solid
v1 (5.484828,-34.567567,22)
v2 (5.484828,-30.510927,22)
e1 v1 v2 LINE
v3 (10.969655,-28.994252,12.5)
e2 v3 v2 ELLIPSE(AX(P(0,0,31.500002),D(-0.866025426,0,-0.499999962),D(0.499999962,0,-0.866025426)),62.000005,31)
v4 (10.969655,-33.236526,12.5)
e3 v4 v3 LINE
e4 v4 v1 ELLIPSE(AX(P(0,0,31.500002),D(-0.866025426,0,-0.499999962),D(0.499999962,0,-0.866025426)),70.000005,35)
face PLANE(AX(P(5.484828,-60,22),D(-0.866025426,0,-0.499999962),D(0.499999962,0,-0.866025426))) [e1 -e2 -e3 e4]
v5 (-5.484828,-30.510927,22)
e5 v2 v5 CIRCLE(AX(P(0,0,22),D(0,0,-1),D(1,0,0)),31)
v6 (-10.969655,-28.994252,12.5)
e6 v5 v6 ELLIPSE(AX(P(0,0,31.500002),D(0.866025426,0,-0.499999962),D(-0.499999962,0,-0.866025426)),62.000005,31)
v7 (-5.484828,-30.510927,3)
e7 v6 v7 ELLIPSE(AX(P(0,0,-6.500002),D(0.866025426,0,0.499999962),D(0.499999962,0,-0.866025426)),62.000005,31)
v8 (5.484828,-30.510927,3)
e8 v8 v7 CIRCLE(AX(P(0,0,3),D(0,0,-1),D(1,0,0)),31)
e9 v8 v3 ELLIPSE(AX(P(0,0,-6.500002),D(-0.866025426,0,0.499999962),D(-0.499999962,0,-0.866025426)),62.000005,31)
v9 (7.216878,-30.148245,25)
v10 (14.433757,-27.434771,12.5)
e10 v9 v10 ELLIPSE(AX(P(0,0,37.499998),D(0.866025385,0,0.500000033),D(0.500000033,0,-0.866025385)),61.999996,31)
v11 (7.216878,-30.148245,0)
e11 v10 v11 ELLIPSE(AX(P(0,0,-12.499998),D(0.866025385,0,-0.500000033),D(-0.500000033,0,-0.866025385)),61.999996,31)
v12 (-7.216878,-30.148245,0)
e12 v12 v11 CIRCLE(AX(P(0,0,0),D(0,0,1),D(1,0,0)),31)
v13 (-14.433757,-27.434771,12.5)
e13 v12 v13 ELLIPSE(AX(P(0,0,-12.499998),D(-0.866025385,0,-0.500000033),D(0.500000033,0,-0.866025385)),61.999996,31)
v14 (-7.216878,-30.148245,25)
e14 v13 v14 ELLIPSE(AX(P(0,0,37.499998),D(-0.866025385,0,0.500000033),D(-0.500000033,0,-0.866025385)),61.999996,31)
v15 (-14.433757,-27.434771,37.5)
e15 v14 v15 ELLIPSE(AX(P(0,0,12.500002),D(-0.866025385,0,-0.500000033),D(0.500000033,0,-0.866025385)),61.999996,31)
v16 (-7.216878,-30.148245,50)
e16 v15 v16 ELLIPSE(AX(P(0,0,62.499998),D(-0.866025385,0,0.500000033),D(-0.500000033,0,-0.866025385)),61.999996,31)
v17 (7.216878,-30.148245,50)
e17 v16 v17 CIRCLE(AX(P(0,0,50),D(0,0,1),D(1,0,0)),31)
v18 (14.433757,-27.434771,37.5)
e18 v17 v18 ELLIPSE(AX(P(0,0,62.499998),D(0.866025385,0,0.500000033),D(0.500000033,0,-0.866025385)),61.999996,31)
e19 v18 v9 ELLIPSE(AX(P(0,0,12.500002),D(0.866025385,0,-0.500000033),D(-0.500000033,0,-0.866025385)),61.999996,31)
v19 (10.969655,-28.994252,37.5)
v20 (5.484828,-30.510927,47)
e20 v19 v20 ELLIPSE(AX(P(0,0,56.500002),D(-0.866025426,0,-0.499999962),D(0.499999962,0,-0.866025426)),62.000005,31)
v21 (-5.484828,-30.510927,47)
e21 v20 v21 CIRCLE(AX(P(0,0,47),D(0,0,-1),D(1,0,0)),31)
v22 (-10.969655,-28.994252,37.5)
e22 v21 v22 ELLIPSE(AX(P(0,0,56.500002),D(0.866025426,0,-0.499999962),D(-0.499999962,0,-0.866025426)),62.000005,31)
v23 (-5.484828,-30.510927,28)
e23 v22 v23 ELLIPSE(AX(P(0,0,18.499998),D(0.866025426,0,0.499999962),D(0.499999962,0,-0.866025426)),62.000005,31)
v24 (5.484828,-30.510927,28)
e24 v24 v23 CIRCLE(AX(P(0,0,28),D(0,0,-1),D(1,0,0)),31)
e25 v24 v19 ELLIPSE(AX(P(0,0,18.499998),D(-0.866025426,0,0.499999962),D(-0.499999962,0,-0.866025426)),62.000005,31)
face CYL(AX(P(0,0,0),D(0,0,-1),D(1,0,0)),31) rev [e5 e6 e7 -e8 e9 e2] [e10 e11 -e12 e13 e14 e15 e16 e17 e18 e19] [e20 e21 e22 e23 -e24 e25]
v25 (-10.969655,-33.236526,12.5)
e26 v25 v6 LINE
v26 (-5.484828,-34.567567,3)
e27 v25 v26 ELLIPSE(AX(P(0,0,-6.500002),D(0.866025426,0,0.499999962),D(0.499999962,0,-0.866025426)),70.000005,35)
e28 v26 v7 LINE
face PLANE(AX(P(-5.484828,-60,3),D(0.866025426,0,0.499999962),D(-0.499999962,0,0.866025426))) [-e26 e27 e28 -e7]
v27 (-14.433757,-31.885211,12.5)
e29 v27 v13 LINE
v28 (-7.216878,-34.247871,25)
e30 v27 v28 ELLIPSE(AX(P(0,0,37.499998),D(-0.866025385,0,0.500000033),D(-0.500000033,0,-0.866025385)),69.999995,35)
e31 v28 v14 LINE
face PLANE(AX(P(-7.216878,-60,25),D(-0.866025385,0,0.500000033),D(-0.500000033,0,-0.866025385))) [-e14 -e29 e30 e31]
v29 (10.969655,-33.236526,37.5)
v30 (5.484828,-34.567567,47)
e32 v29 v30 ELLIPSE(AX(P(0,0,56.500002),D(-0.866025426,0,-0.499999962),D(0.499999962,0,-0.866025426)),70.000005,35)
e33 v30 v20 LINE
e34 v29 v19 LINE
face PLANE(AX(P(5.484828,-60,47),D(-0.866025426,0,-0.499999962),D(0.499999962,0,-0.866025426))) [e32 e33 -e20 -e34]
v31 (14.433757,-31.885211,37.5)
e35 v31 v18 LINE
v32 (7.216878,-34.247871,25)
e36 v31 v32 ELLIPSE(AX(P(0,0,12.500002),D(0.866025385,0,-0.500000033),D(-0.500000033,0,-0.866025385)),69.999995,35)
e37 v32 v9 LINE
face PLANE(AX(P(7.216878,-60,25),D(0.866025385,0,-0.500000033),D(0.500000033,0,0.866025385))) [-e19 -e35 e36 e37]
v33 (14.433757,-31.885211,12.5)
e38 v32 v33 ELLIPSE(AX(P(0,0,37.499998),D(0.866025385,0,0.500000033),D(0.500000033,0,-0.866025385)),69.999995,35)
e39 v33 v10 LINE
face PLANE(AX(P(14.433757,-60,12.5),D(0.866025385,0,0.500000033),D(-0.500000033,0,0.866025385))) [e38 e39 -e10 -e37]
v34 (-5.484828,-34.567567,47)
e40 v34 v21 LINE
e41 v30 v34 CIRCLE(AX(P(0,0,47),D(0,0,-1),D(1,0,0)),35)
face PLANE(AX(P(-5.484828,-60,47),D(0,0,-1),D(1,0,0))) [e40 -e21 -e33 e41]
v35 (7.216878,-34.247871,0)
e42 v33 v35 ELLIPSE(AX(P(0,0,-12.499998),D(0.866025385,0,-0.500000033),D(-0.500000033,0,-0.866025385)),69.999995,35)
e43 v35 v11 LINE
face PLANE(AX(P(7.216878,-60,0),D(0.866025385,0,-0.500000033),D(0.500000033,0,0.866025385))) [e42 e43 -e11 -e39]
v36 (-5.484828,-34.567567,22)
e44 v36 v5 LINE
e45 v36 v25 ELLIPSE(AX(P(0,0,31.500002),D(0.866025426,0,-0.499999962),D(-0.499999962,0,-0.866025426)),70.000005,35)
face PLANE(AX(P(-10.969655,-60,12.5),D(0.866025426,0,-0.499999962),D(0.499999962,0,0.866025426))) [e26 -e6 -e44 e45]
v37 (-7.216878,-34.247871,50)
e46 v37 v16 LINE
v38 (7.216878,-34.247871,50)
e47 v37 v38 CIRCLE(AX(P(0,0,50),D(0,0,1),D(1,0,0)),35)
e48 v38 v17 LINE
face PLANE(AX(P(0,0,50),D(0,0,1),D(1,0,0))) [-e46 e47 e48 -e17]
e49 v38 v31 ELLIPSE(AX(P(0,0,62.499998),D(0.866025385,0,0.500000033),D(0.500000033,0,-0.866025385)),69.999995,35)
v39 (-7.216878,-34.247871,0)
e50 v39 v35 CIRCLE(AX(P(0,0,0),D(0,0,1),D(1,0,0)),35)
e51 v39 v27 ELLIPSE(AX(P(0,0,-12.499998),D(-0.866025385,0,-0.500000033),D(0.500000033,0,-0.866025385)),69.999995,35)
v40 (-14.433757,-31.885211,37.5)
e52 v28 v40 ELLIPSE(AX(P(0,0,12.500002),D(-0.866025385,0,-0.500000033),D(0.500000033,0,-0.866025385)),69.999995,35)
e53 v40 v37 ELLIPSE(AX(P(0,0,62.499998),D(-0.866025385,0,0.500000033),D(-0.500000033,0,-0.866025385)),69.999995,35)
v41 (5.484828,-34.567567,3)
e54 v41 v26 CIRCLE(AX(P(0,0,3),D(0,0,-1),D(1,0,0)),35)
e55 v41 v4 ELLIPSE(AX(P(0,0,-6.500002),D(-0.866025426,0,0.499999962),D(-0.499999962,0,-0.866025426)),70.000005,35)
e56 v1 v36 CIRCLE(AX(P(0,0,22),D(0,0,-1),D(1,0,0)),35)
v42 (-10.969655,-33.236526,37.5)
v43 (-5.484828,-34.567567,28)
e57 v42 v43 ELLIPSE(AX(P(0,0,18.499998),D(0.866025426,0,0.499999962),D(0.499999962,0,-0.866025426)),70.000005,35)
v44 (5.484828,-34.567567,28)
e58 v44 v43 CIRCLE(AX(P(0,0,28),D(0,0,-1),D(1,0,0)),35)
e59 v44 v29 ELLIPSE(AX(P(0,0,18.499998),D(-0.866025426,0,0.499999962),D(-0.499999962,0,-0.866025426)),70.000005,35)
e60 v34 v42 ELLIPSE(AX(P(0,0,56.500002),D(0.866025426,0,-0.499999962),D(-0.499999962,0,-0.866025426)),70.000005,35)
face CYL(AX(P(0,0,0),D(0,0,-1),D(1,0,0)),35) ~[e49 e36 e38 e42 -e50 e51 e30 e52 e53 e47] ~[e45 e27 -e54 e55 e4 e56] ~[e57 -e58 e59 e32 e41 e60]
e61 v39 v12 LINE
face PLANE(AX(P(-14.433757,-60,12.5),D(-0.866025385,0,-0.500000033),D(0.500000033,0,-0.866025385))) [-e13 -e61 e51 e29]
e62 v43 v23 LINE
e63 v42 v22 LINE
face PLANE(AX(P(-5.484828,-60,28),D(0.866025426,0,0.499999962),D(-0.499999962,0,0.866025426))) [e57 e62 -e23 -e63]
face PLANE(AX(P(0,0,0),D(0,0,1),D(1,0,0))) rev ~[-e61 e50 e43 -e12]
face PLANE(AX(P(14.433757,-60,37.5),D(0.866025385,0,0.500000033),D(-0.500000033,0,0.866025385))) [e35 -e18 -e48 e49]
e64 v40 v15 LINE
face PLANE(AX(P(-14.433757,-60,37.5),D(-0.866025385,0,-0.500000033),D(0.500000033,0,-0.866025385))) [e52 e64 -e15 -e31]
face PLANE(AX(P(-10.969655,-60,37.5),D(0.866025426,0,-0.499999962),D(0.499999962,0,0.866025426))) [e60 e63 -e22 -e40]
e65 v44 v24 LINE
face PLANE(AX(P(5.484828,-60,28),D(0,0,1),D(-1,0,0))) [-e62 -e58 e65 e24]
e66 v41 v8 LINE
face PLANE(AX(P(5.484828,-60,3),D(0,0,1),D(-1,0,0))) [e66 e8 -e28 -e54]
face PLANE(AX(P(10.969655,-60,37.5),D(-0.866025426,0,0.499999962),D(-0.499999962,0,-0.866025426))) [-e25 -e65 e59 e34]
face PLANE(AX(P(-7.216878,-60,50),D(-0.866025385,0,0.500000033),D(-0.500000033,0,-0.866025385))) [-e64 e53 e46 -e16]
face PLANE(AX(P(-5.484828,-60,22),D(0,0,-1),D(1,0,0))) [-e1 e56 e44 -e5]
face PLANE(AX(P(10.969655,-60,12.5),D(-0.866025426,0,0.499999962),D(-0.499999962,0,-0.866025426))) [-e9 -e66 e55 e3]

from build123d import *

# Parameters (mm, degrees)
F0_R     = 35
F0_R_2   = 31
F1_DEPTH = 50
F4_DEPTH = 50


with BuildPart() as f1:
    # F0 (on Top) → F1 (new body)
    with BuildSketch(Plane.XY):
        Circle(F0_R)
        Circle(F0_R_2, mode=Mode.SUBTRACT)
    extrude(amount=F1_DEPTH)

    # F3 (on offset) → F4 (intersect)
    with BuildSketch(Plane.XZ.offset(60)):
        Polygon((-7.216878, 25), (7.216878, 25), (14.433757, 37.5), (7.216878, 50), (-7.216878, 50), (-14.433757, 37.5), align=None)
        Polygon((5.484828, 47), (10.969655, 37.5), (5.484828, 28), (-5.484828, 28), (-10.969655, 37.5), (-5.484828, 47), align=None, mode=Mode.SUBTRACT)
        Polygon((7.216878, 0), (14.433757, 12.5), (7.216878, 25), (-7.216878, 25), (-14.433757, 12.5), (-7.216878, 0), align=None)
        Polygon((10.969655, 12.5), (5.484828, 3), (-5.484828, 3), (-10.969655, 12.5), (-5.484828, 22), (5.484828, 22), align=None, mode=Mode.SUBTRACT)
    extrude(amount=-F4_DEPTH, mode=Mode.INTERSECT)


solid = f1.part
